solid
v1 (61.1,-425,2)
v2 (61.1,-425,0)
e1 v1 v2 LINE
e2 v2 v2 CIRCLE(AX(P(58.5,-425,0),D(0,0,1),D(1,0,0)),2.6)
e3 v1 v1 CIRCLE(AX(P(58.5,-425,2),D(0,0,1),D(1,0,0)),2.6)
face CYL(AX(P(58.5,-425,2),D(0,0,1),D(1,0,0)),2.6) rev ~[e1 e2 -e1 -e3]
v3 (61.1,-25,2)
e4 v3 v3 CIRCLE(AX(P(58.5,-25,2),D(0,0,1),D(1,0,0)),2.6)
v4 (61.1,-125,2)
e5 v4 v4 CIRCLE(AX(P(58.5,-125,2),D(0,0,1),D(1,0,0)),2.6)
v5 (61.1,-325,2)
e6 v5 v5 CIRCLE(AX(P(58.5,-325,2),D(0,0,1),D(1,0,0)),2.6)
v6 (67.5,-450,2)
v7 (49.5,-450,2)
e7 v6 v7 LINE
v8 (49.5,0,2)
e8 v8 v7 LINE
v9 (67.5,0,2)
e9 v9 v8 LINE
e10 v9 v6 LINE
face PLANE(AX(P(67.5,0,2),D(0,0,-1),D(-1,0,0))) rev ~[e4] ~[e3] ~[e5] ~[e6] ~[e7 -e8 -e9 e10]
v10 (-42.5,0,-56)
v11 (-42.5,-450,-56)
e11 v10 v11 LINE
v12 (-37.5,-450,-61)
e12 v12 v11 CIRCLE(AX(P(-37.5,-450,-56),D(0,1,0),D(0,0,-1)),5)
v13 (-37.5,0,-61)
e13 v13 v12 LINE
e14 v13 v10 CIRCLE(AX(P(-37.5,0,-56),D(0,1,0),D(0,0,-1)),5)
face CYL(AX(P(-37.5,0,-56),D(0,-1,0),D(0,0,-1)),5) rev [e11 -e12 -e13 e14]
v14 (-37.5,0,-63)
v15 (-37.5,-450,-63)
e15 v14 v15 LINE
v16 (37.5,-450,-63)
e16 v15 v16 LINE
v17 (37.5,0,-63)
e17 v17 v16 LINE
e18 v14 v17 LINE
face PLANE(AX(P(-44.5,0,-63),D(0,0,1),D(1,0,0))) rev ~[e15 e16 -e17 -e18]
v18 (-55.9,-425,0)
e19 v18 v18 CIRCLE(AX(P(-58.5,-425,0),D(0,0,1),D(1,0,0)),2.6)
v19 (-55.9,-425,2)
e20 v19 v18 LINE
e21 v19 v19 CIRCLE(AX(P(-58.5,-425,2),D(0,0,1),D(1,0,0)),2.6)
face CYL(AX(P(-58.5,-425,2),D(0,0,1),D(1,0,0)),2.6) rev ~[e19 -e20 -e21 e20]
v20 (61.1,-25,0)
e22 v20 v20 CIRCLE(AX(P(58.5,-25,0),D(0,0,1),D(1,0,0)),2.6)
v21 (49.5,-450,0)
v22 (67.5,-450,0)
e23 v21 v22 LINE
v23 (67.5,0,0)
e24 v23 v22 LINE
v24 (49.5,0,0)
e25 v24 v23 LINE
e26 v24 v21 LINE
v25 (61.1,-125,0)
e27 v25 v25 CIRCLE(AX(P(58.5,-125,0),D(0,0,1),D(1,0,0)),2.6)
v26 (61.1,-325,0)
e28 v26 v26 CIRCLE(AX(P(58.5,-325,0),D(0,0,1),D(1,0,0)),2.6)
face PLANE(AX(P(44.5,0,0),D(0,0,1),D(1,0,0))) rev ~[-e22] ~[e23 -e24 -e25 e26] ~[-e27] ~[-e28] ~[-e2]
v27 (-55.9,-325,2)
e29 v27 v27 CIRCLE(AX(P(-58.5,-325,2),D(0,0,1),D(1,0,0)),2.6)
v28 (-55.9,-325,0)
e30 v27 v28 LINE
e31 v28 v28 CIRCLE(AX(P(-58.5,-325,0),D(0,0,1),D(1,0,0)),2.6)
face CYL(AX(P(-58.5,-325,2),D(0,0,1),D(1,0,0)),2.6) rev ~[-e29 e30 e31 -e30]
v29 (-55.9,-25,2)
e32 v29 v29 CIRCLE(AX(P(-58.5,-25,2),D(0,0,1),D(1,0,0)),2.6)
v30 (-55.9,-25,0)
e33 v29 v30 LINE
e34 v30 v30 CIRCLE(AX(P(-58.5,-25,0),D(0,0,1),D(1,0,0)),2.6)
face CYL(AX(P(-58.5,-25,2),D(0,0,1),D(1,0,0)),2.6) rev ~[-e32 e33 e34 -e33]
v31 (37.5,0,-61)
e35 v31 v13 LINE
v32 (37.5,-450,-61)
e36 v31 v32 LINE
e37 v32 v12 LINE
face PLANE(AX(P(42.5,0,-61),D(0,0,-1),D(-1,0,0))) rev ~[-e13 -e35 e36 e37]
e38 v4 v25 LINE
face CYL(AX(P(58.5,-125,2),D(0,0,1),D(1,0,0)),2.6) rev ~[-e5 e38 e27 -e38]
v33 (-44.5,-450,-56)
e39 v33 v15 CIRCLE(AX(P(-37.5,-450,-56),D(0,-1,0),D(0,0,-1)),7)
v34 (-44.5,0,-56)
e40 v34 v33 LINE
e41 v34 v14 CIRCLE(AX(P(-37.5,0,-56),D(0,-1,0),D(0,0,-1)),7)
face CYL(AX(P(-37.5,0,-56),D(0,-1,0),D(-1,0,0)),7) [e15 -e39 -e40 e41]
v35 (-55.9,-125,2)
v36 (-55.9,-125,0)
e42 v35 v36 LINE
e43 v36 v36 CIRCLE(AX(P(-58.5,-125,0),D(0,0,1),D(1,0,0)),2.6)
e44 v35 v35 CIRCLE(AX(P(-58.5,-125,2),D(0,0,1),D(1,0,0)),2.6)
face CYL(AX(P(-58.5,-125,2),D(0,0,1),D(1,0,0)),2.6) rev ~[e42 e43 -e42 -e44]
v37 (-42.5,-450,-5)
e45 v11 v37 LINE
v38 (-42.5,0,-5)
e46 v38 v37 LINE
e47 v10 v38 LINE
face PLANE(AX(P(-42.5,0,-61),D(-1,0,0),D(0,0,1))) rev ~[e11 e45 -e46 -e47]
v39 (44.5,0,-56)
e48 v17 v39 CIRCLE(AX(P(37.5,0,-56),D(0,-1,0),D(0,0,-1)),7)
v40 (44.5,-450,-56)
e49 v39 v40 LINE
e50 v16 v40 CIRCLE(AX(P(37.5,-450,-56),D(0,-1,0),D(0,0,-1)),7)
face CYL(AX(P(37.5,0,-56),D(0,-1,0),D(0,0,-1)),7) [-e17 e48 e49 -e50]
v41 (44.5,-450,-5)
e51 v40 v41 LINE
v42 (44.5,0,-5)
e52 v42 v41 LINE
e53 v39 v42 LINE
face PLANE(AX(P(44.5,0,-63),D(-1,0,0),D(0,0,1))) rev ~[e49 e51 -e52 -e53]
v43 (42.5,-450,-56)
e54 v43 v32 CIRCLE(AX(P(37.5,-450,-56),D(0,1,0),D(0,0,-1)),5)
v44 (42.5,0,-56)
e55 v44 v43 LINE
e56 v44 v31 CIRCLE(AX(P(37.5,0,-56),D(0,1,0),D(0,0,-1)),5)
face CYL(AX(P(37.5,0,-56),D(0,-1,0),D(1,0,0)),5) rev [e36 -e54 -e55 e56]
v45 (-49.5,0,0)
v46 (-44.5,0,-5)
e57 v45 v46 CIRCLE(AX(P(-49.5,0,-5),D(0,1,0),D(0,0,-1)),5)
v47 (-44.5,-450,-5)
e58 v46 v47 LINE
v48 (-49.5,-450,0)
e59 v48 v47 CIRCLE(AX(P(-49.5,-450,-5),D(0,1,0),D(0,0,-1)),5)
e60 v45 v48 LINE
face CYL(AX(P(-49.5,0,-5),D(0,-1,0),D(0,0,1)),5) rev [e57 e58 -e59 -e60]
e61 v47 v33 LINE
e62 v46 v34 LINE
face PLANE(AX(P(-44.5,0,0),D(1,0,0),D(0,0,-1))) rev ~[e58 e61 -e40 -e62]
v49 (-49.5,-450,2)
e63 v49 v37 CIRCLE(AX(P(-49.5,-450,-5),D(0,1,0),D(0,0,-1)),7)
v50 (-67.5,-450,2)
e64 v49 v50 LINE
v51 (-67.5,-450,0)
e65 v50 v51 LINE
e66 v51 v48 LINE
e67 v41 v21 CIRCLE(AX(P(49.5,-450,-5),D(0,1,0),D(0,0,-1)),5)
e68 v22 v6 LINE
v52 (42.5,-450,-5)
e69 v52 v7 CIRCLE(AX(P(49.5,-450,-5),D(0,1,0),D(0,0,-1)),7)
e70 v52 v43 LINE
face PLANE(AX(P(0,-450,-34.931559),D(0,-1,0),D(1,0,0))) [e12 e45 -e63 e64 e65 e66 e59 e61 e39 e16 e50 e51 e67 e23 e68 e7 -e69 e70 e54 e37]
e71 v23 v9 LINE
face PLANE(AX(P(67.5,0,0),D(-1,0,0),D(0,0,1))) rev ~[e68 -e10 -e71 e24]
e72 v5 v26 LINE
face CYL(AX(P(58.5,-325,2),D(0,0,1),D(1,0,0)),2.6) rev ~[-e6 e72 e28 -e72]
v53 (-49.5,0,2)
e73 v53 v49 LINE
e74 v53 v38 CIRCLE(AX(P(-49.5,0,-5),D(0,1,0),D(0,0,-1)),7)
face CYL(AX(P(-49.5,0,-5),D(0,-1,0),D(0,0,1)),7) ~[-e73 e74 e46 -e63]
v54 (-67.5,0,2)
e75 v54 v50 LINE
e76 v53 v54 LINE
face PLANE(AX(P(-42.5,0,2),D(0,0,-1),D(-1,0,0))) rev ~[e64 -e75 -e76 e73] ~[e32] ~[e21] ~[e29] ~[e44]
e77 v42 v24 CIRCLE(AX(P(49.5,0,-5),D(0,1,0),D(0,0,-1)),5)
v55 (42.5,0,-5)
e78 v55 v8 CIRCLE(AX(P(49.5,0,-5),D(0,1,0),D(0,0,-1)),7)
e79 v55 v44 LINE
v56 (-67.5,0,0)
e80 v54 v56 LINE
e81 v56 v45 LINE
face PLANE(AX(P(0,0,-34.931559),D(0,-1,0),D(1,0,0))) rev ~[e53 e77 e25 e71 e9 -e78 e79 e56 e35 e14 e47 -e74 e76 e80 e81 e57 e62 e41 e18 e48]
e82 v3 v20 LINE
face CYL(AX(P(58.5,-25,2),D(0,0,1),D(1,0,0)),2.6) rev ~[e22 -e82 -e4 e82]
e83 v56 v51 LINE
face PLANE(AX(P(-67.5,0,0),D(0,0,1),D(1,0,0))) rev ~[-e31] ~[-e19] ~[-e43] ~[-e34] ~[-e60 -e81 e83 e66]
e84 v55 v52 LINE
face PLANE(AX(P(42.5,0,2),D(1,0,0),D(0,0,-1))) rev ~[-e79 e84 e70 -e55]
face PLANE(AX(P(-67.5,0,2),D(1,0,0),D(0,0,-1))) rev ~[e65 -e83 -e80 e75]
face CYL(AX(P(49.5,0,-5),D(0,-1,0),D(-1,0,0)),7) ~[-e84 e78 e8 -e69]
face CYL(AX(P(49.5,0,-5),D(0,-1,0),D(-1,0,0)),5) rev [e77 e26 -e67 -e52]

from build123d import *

# Parameters (mm, degrees)
F1_DEPTH = 450
F2_R     = 5
F3_R     = 7
F4_R     = 2.6
F5_DEPTH = 25


with BuildPart() as f1:
    # F0 (on Front) → F1 (new body)
    with BuildSketch(Plane.XZ):
        Polygon((-67.5, 2), (-67.5, 0), (-44.5, 0), (-44.5, -63), (0, -63), (44.5, -63), (44.5, 0), (67.5, 0), (67.5, 2), (42.5, 2), (42.5, -61), (0, -61), (-42.5, -61), (-42.5, 2), align=None)
    extrude(amount=F1_DEPTH)

    # F2
    f2_edges = [f1.edges().sort_by_distance(p)[0] for p in [
        (-42.5, -225, -61),
        (44.5, -225, 0),
        (-44.5, -225, 0),
        (42.5, -225, -61),
    ]]
    fillet(f2_edges, radius=F2_R)

    # F3
    f3_edges = [f1.edges().sort_by_distance(p)[0] for p in [
        (-42.5, -225, 2),
        (44.5, -225, -63),
        (42.5, -225, 2),
        (-44.5, -225, -63),
    ]]
    fillet(f3_edges, radius=F3_R)

    # F4 (on face) → F5 (cut)
    with BuildSketch(Plane.XY.offset(2)):
        with Locations((58.5, -425)):
            Circle(F4_R)
        with Locations((58.5, -325)):
            Circle(F4_R)
        with Locations((58.5, -125)):
            Circle(F4_R)
        with Locations((58.5, -25)):
            Circle(F4_R)
        with Locations((-58.5, -25)):
            Circle(F4_R)
        with Locations((-58.5, -125)):
            Circle(F4_R)
        with Locations((-58.5, -325)):
            Circle(F4_R)
        with Locations((-58.5, -425)):
            Circle(F4_R)
    extrude(amount=-F5_DEPTH, mode=Mode.SUBTRACT)


solid = f1.part
